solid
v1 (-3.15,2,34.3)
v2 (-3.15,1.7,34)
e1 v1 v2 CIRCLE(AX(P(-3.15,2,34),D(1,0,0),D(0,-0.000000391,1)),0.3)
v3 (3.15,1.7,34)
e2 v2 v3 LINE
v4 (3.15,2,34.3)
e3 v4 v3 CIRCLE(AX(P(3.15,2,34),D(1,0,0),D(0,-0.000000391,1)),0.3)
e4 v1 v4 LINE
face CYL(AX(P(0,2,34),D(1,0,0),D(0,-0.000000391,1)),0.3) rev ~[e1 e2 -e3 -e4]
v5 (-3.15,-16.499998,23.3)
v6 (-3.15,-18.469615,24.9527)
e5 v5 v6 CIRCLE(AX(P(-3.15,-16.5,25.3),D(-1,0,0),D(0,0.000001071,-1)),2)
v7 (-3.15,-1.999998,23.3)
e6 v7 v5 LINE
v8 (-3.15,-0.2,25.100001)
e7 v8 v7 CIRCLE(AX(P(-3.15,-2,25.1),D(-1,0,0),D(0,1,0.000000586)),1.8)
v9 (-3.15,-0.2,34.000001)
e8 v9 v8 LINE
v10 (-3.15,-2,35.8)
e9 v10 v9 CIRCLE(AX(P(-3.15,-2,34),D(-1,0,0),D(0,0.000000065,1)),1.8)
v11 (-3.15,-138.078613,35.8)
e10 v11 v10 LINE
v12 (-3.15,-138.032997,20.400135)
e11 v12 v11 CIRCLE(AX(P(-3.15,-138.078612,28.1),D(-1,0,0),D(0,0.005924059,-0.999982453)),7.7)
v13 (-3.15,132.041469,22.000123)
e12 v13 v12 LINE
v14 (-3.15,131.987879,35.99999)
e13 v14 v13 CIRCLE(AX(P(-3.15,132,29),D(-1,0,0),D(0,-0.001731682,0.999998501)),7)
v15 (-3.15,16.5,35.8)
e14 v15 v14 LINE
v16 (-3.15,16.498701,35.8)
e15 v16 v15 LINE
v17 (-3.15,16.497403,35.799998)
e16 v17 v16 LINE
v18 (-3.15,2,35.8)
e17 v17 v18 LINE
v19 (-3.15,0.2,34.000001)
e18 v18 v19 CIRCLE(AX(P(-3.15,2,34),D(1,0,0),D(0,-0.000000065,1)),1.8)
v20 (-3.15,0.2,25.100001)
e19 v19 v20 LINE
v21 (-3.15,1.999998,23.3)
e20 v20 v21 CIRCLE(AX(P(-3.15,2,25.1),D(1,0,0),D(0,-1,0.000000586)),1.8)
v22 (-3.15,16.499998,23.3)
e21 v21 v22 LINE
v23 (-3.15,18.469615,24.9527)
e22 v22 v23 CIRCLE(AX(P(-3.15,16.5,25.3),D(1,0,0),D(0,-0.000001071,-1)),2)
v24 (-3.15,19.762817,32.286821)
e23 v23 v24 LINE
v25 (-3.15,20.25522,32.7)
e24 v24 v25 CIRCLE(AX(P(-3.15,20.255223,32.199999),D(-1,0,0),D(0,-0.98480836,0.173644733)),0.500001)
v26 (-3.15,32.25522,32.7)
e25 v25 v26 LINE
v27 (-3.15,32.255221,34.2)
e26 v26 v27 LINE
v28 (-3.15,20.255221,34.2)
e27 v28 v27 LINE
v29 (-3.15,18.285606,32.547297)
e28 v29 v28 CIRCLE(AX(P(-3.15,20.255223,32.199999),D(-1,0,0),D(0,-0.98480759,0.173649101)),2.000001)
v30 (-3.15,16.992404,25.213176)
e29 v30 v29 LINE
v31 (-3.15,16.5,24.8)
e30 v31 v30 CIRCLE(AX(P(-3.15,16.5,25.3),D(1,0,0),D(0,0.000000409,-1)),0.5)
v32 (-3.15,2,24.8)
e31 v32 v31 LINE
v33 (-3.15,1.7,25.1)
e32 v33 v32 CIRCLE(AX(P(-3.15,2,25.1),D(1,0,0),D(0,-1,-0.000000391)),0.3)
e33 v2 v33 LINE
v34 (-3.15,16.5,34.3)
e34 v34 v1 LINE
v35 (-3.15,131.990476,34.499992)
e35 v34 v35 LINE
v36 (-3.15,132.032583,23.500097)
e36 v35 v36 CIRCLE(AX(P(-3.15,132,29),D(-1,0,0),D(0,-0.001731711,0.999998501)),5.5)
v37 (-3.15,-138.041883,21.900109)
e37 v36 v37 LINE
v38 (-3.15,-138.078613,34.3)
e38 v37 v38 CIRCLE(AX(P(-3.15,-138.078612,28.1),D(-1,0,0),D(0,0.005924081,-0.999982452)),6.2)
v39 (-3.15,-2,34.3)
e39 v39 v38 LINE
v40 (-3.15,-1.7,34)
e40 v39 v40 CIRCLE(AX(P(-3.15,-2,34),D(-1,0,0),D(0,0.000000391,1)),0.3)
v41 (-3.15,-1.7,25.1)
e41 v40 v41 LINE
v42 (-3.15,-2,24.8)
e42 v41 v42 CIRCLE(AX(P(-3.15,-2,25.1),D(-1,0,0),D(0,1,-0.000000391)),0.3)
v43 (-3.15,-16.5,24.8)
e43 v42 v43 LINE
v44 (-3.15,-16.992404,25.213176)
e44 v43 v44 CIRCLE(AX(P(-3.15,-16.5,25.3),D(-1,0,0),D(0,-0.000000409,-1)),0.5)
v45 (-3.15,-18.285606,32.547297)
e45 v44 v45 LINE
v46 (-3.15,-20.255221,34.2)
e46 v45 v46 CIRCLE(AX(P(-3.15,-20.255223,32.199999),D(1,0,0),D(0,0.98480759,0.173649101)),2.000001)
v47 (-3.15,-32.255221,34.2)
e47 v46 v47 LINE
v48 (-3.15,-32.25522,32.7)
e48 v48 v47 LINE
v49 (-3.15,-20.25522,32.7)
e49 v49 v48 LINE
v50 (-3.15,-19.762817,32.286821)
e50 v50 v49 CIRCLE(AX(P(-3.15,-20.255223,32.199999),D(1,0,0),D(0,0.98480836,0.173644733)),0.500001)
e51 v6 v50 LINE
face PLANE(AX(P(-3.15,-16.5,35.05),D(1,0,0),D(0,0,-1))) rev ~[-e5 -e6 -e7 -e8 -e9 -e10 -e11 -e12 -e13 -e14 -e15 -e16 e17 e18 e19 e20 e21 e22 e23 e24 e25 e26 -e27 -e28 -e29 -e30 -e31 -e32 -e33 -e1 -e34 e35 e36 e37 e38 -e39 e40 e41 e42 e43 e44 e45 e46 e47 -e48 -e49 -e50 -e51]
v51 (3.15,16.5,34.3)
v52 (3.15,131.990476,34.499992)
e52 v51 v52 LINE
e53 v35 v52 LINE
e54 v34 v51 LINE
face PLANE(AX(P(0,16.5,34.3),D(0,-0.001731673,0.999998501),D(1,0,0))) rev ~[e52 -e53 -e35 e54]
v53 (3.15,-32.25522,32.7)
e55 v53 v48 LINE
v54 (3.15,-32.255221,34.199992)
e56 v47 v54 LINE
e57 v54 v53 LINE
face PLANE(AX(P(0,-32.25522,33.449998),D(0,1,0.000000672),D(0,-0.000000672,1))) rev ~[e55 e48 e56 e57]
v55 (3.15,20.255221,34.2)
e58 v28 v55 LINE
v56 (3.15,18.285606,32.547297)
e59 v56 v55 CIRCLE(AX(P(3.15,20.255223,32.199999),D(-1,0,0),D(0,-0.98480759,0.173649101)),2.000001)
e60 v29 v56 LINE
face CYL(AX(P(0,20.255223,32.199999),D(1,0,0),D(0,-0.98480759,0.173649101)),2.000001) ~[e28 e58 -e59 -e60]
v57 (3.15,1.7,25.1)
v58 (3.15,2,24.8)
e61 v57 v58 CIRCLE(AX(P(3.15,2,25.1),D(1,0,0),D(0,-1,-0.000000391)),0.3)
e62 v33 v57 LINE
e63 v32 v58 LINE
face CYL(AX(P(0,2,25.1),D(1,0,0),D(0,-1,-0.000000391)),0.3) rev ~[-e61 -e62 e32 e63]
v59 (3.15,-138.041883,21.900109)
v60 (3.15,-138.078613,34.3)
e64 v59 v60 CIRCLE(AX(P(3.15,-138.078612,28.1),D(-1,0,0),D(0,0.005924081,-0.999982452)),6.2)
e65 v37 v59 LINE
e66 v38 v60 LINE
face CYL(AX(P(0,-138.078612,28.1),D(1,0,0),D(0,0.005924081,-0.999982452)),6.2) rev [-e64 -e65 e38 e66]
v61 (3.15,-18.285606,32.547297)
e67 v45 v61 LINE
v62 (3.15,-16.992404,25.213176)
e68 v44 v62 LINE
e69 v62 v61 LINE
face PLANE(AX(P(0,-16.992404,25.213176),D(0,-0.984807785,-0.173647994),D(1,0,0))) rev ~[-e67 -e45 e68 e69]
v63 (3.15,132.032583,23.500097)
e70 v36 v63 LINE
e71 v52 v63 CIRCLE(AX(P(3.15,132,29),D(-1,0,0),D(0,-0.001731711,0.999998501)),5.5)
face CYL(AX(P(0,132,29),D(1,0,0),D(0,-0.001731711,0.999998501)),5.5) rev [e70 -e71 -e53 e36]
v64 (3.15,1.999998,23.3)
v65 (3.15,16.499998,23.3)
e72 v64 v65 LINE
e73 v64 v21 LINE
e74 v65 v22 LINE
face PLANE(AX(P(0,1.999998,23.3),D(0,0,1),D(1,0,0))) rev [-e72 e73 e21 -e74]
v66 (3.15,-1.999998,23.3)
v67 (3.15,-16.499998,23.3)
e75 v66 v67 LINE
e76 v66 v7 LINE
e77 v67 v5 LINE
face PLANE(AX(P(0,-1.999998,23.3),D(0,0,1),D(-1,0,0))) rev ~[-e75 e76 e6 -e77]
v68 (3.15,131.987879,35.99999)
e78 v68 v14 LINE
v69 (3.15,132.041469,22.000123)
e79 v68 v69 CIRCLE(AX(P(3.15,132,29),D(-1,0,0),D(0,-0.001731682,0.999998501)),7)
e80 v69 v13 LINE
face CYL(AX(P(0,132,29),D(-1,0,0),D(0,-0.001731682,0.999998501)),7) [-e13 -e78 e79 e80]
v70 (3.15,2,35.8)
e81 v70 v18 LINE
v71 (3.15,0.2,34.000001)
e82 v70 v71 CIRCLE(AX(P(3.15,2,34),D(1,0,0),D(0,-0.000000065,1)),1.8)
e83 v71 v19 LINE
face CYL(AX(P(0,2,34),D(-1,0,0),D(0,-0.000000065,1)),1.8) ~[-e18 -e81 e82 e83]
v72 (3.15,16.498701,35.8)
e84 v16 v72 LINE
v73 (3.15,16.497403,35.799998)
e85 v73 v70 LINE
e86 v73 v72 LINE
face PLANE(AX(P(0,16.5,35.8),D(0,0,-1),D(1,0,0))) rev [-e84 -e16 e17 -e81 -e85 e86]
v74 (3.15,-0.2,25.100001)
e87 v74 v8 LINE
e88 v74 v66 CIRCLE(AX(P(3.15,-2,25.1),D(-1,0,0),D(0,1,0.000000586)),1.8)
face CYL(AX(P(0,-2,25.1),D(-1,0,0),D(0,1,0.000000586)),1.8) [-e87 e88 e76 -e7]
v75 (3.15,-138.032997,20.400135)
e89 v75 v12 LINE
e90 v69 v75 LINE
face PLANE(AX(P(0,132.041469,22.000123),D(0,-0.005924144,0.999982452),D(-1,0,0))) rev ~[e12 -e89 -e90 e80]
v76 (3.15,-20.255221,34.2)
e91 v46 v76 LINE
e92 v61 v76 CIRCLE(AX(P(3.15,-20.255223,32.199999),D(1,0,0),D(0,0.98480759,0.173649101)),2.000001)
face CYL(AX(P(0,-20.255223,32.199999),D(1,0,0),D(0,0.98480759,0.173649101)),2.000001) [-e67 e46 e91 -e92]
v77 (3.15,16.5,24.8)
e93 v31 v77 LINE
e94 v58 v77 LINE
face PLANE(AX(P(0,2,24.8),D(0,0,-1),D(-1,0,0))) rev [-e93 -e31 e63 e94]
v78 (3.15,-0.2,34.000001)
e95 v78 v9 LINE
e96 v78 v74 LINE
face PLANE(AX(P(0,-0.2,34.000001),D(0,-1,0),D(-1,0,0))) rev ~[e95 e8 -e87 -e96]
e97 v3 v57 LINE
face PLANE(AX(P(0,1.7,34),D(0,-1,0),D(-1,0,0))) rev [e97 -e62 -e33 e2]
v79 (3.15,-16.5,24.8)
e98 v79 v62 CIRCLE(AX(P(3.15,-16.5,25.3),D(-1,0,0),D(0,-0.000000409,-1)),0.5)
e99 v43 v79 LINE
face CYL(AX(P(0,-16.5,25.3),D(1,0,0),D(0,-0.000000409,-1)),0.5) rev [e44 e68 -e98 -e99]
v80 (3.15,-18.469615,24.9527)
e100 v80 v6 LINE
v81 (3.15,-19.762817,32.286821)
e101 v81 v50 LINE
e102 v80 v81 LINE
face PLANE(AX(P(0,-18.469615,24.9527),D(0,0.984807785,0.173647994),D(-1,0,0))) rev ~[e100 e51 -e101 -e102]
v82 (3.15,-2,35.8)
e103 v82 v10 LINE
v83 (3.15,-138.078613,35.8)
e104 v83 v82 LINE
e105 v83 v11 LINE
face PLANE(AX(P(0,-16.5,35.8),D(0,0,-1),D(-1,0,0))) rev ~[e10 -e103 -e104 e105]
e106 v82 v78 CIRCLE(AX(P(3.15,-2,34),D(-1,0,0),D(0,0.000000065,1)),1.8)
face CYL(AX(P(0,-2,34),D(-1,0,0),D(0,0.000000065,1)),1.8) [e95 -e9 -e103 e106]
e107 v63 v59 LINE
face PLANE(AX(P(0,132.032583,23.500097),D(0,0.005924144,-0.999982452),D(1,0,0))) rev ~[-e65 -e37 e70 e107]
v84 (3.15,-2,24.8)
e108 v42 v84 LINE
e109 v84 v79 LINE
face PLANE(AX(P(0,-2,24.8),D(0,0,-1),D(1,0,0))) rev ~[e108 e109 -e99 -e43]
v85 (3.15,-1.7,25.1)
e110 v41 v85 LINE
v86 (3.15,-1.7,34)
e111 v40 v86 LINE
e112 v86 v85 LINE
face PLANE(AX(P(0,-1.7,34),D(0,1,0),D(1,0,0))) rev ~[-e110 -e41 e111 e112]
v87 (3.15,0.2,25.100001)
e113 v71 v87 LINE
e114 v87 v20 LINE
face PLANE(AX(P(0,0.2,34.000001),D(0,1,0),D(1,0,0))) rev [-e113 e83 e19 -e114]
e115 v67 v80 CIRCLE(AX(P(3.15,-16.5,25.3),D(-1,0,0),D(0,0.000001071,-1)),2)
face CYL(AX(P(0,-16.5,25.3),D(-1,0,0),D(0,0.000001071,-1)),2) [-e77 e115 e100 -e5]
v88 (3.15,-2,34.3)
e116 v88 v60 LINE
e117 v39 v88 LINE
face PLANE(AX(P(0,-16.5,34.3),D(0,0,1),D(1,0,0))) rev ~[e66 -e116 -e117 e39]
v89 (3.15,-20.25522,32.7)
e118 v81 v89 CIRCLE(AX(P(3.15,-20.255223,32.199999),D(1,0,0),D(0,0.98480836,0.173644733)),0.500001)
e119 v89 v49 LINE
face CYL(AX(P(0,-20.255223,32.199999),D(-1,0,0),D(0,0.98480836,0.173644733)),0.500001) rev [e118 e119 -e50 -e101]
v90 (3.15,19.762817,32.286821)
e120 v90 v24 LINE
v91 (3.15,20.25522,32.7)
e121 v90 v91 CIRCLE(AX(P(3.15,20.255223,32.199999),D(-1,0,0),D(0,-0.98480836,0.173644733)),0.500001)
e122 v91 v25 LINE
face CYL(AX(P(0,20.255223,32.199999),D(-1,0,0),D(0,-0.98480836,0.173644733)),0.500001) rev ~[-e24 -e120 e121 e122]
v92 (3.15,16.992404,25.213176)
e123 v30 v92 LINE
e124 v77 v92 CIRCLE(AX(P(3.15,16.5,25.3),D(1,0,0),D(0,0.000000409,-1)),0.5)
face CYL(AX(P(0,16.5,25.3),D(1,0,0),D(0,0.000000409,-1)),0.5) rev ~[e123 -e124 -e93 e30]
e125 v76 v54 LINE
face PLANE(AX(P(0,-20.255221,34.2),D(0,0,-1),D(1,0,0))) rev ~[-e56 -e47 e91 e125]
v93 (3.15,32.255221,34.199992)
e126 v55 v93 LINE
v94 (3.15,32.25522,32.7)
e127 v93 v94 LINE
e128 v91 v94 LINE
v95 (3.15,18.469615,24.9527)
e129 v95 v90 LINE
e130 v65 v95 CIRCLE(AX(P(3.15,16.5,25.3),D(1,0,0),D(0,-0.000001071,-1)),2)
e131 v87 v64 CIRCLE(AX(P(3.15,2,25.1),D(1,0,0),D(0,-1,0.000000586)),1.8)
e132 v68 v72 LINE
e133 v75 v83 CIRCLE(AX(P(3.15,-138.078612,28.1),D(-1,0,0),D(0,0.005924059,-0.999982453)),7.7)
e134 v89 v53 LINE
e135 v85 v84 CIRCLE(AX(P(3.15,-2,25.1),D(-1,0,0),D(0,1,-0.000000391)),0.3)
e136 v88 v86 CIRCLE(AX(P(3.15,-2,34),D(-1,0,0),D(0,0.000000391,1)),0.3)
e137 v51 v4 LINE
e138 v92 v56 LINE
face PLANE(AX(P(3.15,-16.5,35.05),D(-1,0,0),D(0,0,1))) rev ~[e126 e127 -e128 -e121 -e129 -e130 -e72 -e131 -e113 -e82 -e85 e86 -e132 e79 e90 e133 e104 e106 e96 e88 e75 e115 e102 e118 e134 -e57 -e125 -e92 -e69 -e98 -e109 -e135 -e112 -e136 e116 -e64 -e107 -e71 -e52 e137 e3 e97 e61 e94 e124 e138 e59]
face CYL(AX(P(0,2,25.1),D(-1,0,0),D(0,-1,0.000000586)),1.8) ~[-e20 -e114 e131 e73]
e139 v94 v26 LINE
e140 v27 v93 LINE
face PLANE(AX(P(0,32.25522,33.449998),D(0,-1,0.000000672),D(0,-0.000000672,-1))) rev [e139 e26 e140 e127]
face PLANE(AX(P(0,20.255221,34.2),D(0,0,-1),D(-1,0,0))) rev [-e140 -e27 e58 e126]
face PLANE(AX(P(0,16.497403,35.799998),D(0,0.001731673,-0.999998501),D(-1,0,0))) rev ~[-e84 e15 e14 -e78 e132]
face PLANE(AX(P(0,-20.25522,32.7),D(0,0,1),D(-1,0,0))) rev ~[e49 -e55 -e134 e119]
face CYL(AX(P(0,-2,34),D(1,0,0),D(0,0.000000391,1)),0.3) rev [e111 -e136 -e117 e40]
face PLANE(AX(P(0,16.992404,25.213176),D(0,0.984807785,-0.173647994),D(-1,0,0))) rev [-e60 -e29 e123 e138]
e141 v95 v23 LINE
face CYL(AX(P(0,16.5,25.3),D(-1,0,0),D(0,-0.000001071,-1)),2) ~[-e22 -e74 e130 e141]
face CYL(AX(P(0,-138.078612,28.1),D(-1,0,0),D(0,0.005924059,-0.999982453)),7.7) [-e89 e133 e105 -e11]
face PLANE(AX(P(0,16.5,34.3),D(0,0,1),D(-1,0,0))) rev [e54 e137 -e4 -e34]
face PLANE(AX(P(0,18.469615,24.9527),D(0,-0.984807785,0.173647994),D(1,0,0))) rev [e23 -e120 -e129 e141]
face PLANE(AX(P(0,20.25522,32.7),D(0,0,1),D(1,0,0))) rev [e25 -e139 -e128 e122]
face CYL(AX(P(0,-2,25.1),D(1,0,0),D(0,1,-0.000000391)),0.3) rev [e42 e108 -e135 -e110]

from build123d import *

# Parameters (mm, degrees)
SKETCH001_W = 6.3
SKETCH001_H = 1.5


with BuildPart() as y_belt_seg2:
    # Sweep001: sweep along a path in Sketch002
    with BuildLine(Plane.YZ) as sweep001_path:
        Line((-16.5, 34.3), (-2, 34.3))
        ThreePointArc((-2, 34.3), (-1.787868, 34.212132), (-1.7, 34))
        Line((-1.7, 34), (-1.7, 25.1))
        ThreePointArc((-1.7, 25.1), (-1.787868, 24.887868), (-2, 24.8))
        Line((-2, 24.8), (-16.5, 24.8))
        ThreePointArc((-16.5, 24.8), (-16.821394, 24.916978), (-16.992404, 25.213176))
        Line((-16.992404, 25.213176), (-18.285606, 32.547297))
        ThreePointArc((-18.285606, 32.547297), (-18.969647, 33.732089), (-20.255221, 34.2))
        Line((-20.255221, 34.2), (-32.255221, 34.2))
    # Sketch001 → Sweep001 (sweep)
    with BuildSketch(Plane(origin=(0, -16.5, 35.05), x_dir=(1, 0, 0), z_dir=(0, -1, 0))):
        Rectangle(SKETCH001_W, SKETCH001_H)
    sweep(path=sweep001_path.line)


with BuildPart() as part_mirroring:
    # Part__Mirroring: instance of y-belt-seg2
    add(y_belt_seg2.part.mirror(Plane(origin=(0, 0, 0), x_dir=(1, 0, 0), z_dir=(0, 1, 0))))


with BuildPart() as y_belt:
    # Sweep: sweep along a path in Sketch
    with BuildLine(Plane.YZ) as sweep_path:
        Line((16.5, 34.3), (131.990476, 34.499992))
        ThreePointArc((131.990476, 34.499992), (137.49996, 29.021053), (132.032583, 23.500097))
        Line((132.032583, 23.500097), (-138.041883, 21.900109))
        ThreePointArc((-138.041883, 21.900109), (-144.278585, 28.081635), (-138.078613, 34.3))
        Line((-138.078613, 34.3), (-16.5, 34.3))
    # Sketch001 → Sweep (sweep)
    with BuildSketch(Plane(origin=(0, -16.5, 35.05), x_dir=(1, 0, 0), z_dir=(0, -1, 0))):
        Rectangle(SKETCH001_W, SKETCH001_H)
    sweep(path=sweep_path.line)

    # Fusion: union Part__Mirroring, y-belt-seg2
    add(part_mirroring.part)
    add(y_belt_seg2.part)


solid = y_belt.part
